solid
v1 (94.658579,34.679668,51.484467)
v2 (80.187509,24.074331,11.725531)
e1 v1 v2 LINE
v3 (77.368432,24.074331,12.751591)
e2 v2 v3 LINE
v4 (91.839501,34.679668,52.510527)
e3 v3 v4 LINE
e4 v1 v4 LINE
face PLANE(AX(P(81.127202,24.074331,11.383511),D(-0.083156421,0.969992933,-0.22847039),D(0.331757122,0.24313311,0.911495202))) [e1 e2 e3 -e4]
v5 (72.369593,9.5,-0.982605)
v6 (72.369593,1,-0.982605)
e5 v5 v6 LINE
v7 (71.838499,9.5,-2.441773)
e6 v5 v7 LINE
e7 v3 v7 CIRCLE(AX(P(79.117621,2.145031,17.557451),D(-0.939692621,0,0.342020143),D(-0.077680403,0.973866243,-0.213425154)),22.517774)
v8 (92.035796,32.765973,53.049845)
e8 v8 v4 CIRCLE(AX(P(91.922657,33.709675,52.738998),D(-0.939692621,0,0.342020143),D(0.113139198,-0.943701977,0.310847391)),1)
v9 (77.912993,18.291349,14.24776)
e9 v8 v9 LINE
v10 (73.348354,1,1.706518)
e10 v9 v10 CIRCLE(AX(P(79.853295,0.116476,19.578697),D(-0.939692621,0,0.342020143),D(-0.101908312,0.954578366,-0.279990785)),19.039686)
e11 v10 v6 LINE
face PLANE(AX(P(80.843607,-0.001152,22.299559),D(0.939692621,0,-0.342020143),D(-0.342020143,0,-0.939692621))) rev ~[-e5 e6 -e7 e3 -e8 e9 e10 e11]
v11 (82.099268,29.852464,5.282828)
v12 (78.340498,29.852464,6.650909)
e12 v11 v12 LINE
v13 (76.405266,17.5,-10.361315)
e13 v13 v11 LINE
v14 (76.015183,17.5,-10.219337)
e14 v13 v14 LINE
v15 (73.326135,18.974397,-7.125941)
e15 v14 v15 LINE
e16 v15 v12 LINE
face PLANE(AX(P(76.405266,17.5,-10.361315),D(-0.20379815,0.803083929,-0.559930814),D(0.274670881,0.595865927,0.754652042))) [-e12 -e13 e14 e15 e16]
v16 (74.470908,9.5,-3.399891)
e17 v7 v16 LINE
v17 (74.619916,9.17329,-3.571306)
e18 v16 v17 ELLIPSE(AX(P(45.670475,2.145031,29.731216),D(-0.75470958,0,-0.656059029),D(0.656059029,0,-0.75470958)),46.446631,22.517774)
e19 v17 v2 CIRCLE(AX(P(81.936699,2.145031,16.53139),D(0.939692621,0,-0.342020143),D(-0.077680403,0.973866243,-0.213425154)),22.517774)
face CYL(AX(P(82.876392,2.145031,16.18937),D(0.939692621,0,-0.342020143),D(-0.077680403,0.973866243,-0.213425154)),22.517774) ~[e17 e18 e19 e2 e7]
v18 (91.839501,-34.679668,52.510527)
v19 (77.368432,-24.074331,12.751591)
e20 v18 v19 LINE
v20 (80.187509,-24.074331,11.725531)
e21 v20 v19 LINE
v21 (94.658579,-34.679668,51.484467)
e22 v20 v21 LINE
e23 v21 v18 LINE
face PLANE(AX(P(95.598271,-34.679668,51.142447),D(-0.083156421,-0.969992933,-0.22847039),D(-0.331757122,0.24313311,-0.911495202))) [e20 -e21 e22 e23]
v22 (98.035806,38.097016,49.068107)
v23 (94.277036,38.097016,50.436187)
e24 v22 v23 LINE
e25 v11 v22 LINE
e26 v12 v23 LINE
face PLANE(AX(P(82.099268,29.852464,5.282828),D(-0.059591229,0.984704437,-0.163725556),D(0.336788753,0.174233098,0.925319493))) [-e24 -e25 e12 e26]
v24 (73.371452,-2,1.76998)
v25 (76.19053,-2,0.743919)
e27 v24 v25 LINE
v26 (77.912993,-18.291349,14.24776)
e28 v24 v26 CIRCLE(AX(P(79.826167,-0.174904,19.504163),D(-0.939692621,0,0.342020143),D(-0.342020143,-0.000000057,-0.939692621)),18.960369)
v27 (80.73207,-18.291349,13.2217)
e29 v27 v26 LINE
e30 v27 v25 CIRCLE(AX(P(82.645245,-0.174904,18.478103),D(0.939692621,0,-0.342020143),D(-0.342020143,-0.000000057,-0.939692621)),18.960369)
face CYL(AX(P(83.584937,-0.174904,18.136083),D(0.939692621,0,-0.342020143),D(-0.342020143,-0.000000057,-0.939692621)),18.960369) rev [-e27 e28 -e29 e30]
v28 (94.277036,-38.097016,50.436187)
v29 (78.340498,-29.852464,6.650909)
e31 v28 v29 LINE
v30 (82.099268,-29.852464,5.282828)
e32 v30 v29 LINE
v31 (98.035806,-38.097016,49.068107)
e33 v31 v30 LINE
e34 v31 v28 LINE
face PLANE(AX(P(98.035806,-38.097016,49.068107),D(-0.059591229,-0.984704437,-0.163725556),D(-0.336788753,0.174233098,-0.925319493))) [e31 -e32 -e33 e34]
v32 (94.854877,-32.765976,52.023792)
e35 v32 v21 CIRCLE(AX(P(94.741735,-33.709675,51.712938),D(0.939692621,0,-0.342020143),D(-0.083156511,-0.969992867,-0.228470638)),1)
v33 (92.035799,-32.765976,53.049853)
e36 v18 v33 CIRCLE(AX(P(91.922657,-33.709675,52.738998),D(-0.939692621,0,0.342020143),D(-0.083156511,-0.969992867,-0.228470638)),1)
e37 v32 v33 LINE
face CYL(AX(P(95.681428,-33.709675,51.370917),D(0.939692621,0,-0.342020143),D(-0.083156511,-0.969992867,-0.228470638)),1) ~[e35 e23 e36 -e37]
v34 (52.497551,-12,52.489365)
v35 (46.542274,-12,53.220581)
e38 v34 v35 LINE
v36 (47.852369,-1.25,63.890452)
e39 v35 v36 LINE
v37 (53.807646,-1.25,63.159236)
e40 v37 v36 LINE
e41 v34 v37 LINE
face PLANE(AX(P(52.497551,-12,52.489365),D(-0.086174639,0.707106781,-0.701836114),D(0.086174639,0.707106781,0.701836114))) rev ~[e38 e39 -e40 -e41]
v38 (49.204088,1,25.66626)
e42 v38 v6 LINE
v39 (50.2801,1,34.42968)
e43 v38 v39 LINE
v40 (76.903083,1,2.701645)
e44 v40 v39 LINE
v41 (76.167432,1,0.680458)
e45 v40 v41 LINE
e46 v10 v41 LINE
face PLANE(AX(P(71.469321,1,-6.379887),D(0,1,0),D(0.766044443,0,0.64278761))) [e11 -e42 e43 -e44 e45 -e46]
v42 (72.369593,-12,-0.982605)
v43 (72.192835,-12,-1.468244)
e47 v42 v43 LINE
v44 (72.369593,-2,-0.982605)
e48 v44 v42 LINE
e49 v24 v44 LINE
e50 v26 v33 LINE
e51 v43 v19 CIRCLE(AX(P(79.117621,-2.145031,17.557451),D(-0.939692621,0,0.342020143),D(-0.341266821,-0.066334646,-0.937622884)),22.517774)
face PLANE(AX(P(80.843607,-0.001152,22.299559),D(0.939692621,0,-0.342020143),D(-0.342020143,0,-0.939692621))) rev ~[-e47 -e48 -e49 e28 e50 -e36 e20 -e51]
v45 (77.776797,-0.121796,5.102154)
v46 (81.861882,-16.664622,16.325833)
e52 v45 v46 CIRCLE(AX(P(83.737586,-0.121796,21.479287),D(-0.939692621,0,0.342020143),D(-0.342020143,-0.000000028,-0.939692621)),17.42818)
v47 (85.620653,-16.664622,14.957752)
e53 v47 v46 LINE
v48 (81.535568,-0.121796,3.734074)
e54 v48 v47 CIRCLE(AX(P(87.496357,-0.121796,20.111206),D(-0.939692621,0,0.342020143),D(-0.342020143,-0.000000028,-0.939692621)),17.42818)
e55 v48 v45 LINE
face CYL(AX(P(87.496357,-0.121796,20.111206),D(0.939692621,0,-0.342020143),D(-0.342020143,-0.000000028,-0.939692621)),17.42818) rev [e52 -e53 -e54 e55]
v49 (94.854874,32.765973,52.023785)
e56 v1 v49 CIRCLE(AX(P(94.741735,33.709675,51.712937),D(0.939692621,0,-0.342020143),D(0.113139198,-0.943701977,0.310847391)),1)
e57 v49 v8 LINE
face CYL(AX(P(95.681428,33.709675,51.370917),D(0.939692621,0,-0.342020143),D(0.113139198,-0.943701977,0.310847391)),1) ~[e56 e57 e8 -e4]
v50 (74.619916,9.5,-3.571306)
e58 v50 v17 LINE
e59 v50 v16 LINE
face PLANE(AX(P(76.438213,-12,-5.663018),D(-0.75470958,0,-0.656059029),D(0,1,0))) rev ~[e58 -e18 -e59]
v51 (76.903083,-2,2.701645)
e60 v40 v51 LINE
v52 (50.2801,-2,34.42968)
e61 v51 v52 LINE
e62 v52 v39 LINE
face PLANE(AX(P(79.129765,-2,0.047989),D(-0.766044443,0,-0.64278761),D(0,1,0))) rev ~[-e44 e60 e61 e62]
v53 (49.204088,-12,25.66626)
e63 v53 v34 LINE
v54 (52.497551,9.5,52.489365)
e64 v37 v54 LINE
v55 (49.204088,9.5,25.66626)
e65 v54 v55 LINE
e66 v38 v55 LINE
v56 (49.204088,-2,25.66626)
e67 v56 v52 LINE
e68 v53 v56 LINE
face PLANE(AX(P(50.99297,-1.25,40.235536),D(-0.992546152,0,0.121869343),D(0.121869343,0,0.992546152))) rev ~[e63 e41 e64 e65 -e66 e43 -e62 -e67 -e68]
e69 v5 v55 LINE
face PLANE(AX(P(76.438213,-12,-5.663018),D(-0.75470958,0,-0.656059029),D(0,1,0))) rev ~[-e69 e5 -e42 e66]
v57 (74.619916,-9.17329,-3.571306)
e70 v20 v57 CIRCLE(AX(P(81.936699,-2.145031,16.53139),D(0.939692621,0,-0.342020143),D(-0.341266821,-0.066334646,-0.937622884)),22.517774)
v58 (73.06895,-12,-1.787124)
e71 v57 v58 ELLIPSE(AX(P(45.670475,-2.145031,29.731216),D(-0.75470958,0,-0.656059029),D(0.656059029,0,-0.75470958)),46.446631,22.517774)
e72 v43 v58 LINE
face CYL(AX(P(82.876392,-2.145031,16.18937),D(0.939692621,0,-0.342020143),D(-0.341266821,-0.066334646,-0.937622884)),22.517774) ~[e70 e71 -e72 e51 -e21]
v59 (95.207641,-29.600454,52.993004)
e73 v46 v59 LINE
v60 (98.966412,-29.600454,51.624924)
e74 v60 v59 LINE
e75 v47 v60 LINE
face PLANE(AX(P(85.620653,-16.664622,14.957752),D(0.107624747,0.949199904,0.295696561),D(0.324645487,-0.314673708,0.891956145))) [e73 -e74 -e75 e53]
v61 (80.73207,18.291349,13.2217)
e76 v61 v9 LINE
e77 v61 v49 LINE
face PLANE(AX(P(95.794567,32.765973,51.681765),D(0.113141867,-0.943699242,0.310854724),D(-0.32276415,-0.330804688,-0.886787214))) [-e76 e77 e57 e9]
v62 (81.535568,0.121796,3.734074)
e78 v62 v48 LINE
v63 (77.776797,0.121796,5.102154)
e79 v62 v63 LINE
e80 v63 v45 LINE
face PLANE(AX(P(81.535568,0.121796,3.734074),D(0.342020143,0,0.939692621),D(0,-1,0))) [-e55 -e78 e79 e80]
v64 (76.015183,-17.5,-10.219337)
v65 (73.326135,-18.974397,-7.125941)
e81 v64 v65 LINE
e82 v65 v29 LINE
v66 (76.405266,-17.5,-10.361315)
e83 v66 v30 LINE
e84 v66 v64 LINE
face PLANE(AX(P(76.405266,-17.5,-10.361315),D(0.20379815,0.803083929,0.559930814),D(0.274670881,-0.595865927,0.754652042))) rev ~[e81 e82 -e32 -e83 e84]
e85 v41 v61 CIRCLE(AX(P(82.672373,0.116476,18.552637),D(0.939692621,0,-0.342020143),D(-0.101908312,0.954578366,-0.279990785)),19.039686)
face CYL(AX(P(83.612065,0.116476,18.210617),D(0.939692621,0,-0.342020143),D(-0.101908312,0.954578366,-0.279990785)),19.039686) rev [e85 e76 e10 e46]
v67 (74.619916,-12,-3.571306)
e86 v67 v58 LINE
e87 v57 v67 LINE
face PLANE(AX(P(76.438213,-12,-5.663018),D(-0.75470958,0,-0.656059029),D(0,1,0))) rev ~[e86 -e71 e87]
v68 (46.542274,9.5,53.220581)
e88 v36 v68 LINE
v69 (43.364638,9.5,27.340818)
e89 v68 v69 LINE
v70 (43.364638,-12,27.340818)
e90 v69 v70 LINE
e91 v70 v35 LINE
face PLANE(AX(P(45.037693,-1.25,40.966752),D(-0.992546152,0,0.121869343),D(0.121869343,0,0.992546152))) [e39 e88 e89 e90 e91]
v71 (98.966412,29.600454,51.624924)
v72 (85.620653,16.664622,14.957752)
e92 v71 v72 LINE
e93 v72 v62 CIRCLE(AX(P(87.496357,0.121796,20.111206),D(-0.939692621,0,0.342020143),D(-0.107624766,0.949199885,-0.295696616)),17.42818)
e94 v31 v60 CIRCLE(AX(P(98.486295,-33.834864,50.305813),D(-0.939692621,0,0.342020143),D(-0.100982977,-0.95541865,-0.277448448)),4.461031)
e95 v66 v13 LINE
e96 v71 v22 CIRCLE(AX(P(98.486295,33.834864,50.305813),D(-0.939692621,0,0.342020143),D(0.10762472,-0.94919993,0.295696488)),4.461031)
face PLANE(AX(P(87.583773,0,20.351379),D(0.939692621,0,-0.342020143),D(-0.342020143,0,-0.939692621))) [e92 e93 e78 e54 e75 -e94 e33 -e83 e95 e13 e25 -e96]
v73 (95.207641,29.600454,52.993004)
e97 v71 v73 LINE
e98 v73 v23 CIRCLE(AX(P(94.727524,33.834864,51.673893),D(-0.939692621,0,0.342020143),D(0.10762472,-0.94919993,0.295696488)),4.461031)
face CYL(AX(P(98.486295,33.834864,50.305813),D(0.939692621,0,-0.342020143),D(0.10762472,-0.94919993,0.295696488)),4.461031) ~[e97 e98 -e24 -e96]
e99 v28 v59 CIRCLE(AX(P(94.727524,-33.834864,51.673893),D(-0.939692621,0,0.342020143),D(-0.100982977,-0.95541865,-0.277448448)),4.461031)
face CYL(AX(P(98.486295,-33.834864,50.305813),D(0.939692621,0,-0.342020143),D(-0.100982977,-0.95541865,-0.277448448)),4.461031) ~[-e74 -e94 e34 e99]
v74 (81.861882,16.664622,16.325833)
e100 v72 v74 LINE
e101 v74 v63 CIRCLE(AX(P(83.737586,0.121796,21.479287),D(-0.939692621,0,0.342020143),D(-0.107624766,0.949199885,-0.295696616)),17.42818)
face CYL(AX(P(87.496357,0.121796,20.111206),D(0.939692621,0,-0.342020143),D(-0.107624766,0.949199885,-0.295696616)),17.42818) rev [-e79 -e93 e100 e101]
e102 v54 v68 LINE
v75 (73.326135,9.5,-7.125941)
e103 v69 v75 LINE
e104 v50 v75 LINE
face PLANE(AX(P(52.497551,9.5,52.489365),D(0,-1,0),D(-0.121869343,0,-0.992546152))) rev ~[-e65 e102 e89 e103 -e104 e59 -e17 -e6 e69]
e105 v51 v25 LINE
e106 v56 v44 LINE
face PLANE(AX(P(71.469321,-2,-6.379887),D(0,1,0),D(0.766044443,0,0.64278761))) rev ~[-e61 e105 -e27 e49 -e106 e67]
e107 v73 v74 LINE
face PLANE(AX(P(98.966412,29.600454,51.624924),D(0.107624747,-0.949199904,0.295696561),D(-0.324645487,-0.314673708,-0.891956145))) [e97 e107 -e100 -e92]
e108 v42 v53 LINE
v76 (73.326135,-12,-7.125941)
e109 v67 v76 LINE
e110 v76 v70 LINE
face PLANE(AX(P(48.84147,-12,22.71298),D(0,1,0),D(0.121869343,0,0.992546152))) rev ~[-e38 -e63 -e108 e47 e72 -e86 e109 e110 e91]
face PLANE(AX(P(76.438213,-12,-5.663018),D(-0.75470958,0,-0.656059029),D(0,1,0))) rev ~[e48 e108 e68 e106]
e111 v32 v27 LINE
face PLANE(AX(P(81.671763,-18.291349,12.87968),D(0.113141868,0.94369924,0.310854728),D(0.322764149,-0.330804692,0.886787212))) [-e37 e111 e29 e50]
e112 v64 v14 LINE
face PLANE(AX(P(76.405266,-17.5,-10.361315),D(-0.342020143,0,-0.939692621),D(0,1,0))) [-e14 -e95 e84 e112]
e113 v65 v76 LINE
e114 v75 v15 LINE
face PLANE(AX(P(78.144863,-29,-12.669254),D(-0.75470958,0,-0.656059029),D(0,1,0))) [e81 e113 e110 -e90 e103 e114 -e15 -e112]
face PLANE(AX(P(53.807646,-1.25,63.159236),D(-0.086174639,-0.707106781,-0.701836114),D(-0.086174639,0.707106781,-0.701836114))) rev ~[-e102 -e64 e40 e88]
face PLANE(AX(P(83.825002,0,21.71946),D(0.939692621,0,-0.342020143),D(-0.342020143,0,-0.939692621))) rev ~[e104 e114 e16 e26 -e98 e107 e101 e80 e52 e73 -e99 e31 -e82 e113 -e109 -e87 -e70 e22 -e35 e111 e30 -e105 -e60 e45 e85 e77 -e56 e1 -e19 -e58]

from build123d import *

# Parameters (mm, degrees)
BOX033_W               = 5
BOX033_H               = 49
BOX033_DEPTH           = 74
BOX033_PITCH_ANGLE     = 29
PAD001_DEPTH           = 4
PAD_DEPTH              = 4
EXTRUDE044_DEPTH       = 6
EXTRUDE044_PITCH_ANGLE = -13
BOX032_W               = 47
BOX032_H               = 35
BOX032_DEPTH           = 12
BOX021_W               = 10
BOX021_H               = 3
BOX021_DEPTH           = 49
BOX021_PLACEMENT_ANGLE = 30
BOX020_W               = 5
BOX020_H               = 21.5
BOX020_DEPTH           = 52
BOX020_PITCH_ANGLE     = 29
CUT035_PLACEMENT_ANGLE = 70


with BuildPart() as w_rfel032:
    # Box033 → Box033 (new body)
    with BuildSketch(Plane.XY):
        with Locations((2.5, 24.5)):
            Rectangle(BOX033_W, BOX033_H)
    extrude(amount=BOX033_DEPTH)


with BuildPart() as w_rfel032_1:
    # Box033 pitch: moved
    add(w_rfel032.part.rotate(Axis((0, 0, 0), (0, 1, 0)), BOX033_PITCH_ANGLE))


with BuildPart() as w_rfel032_2:
    # Box033 placement: moved
    add(w_rfel032_1.part.moved(Location((-34, -29, 0))))


with BuildPart() as pad001:
    # Sketch021 → Pad001 (new body)
    with BuildSketch(Plane.XY.offset(3)):
        with BuildLine():
            Line((-23.358564, -3.63874), (-23.358564, 3.63874))
            ThreePointArc((-6.004676, 24.074331), (-18.054345, 16.720651), (-23.358564, 3.63874))
            Line((-6.004676, 24.074331), (36.3059, 34.679668))
            ThreePointArc((36.87983, 32.765973), (37.506884, 33.996941), (36.3059, 34.679668))
            Line((36.87983, 32.765973), (-4.412486, 18.291349))
            ThreePointArc((-4.412486, 18.291349), (-14.077658, 11.396909), (-17.779108, 0.116478))
            Line((-17.779108, 0.116478), (-17.779108, -0.174905))
            ThreePointArc((-17.779108, -0.174905), (-14.075788, -11.431815), (-4.412486, -18.291349))
            Line((-4.412486, -18.291349), (36.879838, -32.765976))
            ThreePointArc((36.3059, -34.679668), (37.506883, -33.996945), (36.879838, -32.765976))
            Line((36.3059, -34.679668), (-6.004676, -24.074331))
            ThreePointArc((-23.358564, -3.63874), (-18.054345, -16.720651), (-6.004676, -24.074331))
        make_face()
    extrude(amount=PAD001_DEPTH)


with BuildPart() as pad:
    # Sketch020 → Pad (new body)
    with BuildSketch(Plane.XY):
        with BuildLine():
            Line((-28.053126, -17.5), (-28.053126, 17.5))
            Line((-28.053126, 17.5), (-11.404976, 29.852464))
            Line((-11.404976, 29.852464), (35.190344, 38.097016))
            ThreePointArc((37.911252, 29.600454), (40.755985, 35.195389), (35.190344, 38.097016))
            Line((37.911252, 29.600454), (-1.109137, 16.664622))
            ThreePointArc((-1.109137, 16.664622), (-9.755072, 10.323805), (-13.053126, 0.121796))
            Line((-13.053126, 0.121796), (-13.053126, -0.121796))
            ThreePointArc((-13.053126, -0.121796), (-9.755072, -10.323805), (-1.109137, -16.664622))
            Line((-1.109137, -16.664622), (37.911252, -29.600454))
            ThreePointArc((35.190344, -38.097016), (40.755985, -35.195389), (37.911252, -29.600454))
            Line((35.190344, -38.097016), (-11.404976, -29.852464))
            Line((-28.053126, -17.5), (-11.404976, -29.852464))
        make_face()
    extrude(amount=PAD_DEPTH)


with BuildPart() as extrude044:
    # Sketch016 → Extrude044 (new body)
    with BuildSketch(Plane.XY):
        Polygon((23.917763, 0), (13.167763, 10.75), (-16.832237, 10.75), (-16.832237, -10.75), (13.167763, -10.75), align=None)
    extrude(amount=EXTRUDE044_DEPTH)


with BuildPart() as extrude044_1:
    # Extrude044 pitch: moved
    add(extrude044.part.rotate(Axis((0, 0, 0), (0, 1, 0)), EXTRUDE044_PITCH_ANGLE))


with BuildPart() as extrude044_2:
    # Extrude044 placement: moved
    add(extrude044_1.part.moved(Location((10, -1.25, 41))))


with BuildPart() as w_rfel031:
    # Box032 → Box032 (new body)
    with BuildSketch(Plane(origin=(-20, -15, 43), x_dir=(1, 0, 0), z_dir=(0, 0, 1))):
        with Locations((23.5, 17.5)):
            Rectangle(BOX032_W, BOX032_H)
    extrude(amount=BOX032_DEPTH)


with BuildPart() as w_rfel021:
    # Box021 → Box021 (new body)
    with BuildSketch(Plane.XY):
        with Locations((5, 1.5)):
            Rectangle(BOX021_W, BOX021_H)
    extrude(amount=BOX021_DEPTH)


with BuildPart() as w_rfel021_1:
    # Box021 placement: moved
    add(w_rfel021.part.moved(Location((-26, -1, 6))).rotate(Axis((-26, -1, 6), (0, 1, 0)), BOX021_PLACEMENT_ANGLE))


with BuildPart() as stand:
    # Box020 → Box020 (new body)
    with BuildSketch(Plane.XY):
        with Locations((2.5, 10.75)):
            Rectangle(BOX020_W, BOX020_H)
    extrude(amount=BOX020_DEPTH)


with BuildPart() as stand_1:
    # Box020 pitch: moved
    add(stand.part.rotate(Axis((0, 0, 0), (0, 1, 0)), BOX020_PITCH_ANGLE))


with BuildPart() as stand_2:
    # Box020 placement: moved
    add(stand_1.part.moved(Location((-28, -11, 4))))

    # Fusion021: union Würfel021
    add(w_rfel021_1.part)

    # Cut029: cut Würfel031
    add(w_rfel031.part, mode=Mode.SUBTRACT)


with BuildPart() as stand_3:
    # Cut029 placement: moved
    add(stand_2.part.moved(Location((0, -1, 0))))

    # Fusion032: union Pad001, Pad, Extrude044
    add(pad001.part)
    add(pad.part)
    add(extrude044_2.part)

    # Cut035: cut Würfel032
    add(w_rfel032_2.part, mode=Mode.SUBTRACT)


with BuildPart() as stand_4:
    # Cut035 placement: moved
    add(stand_3.part.moved(Location((86, 0, 16))).rotate(Axis((86, 0, 16), (0, -1, 0)), CUT035_PLACEMENT_ANGLE))


solid = stand_4.part
